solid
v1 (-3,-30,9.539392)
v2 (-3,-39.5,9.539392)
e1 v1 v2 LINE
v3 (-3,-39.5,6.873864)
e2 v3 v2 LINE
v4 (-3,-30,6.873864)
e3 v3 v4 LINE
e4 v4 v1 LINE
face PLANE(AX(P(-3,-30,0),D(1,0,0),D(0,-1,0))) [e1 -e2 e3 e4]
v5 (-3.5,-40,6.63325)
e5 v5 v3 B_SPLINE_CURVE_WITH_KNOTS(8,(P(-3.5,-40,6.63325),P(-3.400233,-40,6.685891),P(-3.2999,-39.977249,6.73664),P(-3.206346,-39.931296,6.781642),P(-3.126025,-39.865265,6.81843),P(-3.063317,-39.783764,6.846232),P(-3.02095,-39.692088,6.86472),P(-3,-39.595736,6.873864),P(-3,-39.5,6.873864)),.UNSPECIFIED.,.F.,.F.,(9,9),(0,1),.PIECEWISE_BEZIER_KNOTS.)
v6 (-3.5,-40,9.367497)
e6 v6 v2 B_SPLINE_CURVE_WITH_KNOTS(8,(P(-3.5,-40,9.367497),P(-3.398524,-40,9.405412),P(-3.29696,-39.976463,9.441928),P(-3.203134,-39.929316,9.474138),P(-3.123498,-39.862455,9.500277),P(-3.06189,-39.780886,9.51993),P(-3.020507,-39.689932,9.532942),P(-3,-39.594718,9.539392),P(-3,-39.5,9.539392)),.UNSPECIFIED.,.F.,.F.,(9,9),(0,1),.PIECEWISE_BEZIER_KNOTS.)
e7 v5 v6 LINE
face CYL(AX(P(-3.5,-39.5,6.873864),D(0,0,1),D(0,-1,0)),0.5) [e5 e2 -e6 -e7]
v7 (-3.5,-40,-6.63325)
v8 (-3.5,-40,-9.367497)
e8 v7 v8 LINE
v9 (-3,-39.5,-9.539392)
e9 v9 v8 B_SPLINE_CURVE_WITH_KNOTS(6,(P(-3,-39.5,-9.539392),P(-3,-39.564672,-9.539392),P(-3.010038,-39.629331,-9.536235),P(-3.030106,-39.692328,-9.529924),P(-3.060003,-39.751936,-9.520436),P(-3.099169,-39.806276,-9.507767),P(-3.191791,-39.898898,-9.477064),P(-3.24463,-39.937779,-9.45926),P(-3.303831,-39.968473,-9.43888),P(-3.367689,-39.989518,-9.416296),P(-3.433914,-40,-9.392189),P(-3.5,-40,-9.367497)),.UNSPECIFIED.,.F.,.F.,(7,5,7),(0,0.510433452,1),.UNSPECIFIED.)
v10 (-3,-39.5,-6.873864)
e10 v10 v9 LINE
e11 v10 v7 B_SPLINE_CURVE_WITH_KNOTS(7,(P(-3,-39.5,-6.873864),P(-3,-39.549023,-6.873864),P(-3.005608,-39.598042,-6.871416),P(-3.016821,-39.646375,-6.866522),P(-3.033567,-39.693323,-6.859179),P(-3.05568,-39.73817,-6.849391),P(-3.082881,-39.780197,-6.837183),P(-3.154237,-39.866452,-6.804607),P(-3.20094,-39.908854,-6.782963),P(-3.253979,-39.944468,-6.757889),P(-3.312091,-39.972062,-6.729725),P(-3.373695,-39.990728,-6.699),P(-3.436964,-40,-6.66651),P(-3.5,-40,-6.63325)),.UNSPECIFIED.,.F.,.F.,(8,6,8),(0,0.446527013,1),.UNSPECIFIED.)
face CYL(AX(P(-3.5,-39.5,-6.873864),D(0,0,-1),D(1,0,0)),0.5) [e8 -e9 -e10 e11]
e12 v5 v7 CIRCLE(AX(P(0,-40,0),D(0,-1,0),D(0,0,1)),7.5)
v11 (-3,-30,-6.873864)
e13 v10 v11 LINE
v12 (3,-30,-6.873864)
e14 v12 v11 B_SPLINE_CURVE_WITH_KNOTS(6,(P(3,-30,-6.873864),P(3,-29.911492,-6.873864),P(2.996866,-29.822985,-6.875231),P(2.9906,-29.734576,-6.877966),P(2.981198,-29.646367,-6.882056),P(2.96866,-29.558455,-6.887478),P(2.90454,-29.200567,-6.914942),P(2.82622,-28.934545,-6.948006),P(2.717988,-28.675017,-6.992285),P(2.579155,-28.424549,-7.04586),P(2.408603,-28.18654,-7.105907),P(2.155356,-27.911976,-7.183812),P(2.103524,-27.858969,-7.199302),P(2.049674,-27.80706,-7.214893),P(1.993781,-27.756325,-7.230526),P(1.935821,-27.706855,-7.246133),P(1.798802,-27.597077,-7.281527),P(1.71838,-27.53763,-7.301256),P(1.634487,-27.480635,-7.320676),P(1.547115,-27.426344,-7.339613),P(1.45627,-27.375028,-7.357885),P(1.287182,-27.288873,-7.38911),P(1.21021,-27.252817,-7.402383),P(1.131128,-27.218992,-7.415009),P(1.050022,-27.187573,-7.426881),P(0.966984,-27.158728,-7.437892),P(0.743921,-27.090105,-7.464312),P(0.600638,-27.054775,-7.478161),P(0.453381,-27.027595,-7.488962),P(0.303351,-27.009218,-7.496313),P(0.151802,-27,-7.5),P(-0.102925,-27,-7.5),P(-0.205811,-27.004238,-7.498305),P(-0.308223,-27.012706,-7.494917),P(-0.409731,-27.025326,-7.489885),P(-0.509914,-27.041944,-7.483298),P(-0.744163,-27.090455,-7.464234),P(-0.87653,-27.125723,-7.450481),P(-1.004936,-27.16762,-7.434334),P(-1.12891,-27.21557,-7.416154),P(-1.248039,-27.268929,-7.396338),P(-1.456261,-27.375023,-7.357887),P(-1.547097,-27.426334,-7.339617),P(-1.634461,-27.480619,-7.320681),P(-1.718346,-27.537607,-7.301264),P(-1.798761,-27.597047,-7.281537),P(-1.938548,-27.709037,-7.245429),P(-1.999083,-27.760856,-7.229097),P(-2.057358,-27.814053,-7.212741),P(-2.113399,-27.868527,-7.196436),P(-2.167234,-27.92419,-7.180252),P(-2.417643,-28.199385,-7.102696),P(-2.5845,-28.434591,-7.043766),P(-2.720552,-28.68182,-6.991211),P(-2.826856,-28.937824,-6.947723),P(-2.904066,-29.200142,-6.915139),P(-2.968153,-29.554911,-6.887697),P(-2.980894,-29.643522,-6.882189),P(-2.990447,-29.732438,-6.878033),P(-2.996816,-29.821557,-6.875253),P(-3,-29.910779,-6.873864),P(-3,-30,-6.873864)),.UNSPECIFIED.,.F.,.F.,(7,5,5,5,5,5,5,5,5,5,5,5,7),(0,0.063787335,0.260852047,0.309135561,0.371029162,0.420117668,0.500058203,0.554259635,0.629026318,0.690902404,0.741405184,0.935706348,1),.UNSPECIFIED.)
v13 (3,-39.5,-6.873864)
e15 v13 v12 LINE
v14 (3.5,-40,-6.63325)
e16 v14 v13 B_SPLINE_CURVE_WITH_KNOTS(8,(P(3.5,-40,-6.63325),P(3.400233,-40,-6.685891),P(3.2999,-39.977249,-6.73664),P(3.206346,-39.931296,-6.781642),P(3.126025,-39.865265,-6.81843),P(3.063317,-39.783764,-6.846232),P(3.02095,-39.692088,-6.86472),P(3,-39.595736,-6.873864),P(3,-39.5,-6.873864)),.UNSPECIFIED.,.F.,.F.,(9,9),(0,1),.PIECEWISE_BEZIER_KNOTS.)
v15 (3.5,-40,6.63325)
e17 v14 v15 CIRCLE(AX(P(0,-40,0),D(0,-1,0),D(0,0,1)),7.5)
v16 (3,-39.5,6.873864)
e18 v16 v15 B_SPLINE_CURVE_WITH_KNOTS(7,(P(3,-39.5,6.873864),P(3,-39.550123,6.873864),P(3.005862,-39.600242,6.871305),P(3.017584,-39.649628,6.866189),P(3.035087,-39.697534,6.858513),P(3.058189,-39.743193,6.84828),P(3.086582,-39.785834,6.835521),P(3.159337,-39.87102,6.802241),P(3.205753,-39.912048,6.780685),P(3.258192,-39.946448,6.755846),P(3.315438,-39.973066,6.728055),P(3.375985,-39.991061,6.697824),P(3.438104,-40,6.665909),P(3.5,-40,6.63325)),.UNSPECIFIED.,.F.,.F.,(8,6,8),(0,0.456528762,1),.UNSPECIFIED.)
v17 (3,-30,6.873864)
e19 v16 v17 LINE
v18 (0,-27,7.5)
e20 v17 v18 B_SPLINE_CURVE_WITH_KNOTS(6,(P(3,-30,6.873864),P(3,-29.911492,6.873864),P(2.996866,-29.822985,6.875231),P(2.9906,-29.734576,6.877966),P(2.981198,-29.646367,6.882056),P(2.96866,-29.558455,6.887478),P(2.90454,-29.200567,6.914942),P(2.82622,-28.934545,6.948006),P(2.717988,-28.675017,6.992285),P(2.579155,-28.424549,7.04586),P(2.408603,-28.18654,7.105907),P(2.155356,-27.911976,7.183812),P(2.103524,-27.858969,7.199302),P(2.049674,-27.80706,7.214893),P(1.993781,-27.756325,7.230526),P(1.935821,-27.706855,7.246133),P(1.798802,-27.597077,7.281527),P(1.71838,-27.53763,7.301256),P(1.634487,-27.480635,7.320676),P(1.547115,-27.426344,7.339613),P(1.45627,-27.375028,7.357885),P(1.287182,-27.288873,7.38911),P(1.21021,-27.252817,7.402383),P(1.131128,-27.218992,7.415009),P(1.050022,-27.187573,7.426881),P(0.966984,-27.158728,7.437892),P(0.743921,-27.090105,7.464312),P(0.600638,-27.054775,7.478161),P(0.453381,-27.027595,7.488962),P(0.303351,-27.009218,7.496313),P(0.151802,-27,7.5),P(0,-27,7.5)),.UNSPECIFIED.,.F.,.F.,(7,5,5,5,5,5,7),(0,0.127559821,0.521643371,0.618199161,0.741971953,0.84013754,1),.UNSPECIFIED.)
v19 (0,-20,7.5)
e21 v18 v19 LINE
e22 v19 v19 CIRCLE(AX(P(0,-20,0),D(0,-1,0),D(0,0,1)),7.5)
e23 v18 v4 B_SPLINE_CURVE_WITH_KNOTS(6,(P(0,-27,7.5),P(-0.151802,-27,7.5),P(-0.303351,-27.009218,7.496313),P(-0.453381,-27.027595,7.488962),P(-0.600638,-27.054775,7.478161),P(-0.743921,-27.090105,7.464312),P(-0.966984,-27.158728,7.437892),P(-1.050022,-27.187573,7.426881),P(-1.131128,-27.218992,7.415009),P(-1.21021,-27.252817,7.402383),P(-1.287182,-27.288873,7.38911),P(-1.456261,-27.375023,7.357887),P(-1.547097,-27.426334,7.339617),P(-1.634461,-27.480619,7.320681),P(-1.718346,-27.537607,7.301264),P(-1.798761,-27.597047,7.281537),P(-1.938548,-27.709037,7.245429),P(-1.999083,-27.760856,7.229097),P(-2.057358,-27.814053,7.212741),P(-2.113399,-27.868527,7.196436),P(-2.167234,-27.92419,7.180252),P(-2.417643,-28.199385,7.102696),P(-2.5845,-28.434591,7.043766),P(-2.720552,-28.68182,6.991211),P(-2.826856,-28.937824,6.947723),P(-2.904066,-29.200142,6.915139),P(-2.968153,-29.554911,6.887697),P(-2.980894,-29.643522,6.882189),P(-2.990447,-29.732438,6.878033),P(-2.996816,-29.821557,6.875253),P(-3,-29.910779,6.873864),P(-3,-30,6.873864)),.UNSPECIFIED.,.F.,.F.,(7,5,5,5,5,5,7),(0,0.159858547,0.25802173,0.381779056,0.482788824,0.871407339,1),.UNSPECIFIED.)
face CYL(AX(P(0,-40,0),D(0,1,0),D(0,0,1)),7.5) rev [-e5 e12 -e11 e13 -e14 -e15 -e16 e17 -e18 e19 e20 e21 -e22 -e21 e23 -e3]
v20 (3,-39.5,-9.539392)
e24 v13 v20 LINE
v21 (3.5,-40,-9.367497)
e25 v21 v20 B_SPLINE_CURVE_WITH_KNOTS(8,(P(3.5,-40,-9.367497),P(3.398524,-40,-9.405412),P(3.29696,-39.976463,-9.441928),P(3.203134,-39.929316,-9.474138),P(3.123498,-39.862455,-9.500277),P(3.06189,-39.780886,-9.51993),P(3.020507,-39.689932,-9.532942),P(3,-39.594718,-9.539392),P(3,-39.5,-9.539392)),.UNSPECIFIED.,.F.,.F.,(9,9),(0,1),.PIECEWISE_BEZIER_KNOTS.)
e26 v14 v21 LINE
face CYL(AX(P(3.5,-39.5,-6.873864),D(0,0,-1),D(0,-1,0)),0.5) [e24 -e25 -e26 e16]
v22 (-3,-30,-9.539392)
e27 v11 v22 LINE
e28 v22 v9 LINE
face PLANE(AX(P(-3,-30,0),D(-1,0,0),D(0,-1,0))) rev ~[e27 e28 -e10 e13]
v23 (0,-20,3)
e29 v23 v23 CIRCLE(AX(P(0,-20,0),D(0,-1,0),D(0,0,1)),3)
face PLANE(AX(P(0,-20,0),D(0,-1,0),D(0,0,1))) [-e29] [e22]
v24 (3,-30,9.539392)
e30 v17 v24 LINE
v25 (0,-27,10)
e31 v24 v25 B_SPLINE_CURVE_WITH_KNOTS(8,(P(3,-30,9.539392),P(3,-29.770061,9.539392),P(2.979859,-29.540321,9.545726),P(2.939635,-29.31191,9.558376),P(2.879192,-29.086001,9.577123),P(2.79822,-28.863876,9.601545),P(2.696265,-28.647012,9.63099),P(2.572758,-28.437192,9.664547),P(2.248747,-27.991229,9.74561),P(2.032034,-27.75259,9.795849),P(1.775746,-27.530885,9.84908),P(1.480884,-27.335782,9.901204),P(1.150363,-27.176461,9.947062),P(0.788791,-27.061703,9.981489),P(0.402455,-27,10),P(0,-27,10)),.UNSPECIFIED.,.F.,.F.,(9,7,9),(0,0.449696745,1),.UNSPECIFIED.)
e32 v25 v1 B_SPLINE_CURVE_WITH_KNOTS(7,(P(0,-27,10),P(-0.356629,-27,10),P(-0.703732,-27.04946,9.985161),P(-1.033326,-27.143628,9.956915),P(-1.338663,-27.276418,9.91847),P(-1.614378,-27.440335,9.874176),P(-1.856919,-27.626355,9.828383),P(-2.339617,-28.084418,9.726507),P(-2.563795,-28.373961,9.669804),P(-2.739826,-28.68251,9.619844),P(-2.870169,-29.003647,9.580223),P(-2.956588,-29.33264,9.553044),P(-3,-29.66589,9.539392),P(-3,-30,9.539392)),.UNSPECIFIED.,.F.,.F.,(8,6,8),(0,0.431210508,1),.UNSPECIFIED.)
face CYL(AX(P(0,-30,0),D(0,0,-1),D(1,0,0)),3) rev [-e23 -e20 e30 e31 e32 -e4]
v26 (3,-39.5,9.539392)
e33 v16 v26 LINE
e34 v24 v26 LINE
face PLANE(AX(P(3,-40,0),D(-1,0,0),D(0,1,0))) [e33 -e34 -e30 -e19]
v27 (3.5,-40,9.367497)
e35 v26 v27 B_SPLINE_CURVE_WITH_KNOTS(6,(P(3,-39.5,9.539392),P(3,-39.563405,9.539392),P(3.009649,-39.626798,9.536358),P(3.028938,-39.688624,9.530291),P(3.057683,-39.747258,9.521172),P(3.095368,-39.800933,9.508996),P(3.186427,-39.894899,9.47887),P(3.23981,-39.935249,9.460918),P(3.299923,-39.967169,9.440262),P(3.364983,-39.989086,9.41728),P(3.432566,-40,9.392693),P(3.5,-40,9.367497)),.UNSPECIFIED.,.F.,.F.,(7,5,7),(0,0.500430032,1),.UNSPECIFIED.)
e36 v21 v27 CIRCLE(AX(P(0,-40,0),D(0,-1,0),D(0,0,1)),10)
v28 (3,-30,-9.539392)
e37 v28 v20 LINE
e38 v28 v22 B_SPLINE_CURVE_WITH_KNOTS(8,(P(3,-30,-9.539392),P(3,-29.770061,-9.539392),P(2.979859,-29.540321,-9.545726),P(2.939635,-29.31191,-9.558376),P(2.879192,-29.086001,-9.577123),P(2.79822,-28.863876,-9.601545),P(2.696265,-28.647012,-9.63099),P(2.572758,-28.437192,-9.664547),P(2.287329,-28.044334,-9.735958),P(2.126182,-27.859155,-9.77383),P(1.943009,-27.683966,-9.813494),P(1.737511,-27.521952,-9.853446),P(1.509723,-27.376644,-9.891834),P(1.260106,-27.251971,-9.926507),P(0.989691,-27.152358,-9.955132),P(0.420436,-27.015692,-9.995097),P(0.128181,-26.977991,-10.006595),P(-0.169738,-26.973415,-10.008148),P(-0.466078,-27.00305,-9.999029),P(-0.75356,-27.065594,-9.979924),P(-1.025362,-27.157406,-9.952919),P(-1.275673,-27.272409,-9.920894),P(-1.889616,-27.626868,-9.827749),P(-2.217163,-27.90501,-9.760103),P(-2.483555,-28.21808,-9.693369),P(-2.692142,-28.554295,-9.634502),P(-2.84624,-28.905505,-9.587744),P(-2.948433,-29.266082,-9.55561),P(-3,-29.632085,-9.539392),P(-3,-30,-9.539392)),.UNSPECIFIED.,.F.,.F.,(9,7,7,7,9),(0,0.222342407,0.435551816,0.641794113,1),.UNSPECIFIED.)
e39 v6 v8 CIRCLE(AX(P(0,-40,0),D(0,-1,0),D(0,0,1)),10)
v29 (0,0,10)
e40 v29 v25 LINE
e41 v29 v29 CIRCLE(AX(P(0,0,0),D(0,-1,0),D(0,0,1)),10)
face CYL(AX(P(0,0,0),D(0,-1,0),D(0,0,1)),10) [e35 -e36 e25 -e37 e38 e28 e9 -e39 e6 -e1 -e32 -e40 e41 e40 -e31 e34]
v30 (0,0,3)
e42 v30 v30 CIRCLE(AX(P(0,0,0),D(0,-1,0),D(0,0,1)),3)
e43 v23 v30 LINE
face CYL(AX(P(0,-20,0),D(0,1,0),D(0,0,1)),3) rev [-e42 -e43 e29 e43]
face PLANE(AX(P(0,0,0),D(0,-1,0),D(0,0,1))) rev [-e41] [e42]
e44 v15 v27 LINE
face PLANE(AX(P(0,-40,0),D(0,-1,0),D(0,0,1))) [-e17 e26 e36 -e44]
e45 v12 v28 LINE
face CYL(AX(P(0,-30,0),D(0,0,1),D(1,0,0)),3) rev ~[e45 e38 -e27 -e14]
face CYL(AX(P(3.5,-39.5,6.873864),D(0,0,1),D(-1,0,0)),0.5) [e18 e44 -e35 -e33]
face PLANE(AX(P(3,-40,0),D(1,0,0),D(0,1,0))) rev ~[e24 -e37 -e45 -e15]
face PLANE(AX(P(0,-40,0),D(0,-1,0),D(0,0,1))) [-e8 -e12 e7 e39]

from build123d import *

# Parameters (mm, degrees)
F3_DEPTH      = 10.001
F3_DEPTH_BACK = 10.001
F4_R          = 0.5


with BuildPart() as f1:
    # F0 (on Right) → F1 (revolve)
    with BuildSketch(Plane.YZ):
        Polygon((-20, 3), (0, 3), (0, 10), (-40, 10), (-40, 7.5), (-20, 7.5), align=None)
    revolve(axis=Axis((0, -10.6568620467, 0), (0, -1, 0)))

    # F2 (on Top) → F3 (cut, two sides)
    with BuildSketch(Plane.XY) as f3_sk:
        with BuildLine():
            Line((-3, -30), (-3, -40))
            Line((-3, -40), (3, -40))
            Line((3, -40), (3, -30))
            ThreePointArc((3, -30), (0, -27), (-3, -30))
        make_face()
    extrude(amount=-F3_DEPTH, mode=Mode.SUBTRACT)
    extrude(f3_sk.sketch, amount=F3_DEPTH_BACK, mode=Mode.SUBTRACT)

    # F4
    f4_edges = [f1.edges().sort_by_distance(p)[0] for p in [
        (-3, -40, 8.206628),
        (-3, -40, -8.206628),
        (3, -40, 8.206628),
        (3, -40, -8.206628),
    ]]
    fillet(f4_edges, radius=F4_R)


solid = f1.part
